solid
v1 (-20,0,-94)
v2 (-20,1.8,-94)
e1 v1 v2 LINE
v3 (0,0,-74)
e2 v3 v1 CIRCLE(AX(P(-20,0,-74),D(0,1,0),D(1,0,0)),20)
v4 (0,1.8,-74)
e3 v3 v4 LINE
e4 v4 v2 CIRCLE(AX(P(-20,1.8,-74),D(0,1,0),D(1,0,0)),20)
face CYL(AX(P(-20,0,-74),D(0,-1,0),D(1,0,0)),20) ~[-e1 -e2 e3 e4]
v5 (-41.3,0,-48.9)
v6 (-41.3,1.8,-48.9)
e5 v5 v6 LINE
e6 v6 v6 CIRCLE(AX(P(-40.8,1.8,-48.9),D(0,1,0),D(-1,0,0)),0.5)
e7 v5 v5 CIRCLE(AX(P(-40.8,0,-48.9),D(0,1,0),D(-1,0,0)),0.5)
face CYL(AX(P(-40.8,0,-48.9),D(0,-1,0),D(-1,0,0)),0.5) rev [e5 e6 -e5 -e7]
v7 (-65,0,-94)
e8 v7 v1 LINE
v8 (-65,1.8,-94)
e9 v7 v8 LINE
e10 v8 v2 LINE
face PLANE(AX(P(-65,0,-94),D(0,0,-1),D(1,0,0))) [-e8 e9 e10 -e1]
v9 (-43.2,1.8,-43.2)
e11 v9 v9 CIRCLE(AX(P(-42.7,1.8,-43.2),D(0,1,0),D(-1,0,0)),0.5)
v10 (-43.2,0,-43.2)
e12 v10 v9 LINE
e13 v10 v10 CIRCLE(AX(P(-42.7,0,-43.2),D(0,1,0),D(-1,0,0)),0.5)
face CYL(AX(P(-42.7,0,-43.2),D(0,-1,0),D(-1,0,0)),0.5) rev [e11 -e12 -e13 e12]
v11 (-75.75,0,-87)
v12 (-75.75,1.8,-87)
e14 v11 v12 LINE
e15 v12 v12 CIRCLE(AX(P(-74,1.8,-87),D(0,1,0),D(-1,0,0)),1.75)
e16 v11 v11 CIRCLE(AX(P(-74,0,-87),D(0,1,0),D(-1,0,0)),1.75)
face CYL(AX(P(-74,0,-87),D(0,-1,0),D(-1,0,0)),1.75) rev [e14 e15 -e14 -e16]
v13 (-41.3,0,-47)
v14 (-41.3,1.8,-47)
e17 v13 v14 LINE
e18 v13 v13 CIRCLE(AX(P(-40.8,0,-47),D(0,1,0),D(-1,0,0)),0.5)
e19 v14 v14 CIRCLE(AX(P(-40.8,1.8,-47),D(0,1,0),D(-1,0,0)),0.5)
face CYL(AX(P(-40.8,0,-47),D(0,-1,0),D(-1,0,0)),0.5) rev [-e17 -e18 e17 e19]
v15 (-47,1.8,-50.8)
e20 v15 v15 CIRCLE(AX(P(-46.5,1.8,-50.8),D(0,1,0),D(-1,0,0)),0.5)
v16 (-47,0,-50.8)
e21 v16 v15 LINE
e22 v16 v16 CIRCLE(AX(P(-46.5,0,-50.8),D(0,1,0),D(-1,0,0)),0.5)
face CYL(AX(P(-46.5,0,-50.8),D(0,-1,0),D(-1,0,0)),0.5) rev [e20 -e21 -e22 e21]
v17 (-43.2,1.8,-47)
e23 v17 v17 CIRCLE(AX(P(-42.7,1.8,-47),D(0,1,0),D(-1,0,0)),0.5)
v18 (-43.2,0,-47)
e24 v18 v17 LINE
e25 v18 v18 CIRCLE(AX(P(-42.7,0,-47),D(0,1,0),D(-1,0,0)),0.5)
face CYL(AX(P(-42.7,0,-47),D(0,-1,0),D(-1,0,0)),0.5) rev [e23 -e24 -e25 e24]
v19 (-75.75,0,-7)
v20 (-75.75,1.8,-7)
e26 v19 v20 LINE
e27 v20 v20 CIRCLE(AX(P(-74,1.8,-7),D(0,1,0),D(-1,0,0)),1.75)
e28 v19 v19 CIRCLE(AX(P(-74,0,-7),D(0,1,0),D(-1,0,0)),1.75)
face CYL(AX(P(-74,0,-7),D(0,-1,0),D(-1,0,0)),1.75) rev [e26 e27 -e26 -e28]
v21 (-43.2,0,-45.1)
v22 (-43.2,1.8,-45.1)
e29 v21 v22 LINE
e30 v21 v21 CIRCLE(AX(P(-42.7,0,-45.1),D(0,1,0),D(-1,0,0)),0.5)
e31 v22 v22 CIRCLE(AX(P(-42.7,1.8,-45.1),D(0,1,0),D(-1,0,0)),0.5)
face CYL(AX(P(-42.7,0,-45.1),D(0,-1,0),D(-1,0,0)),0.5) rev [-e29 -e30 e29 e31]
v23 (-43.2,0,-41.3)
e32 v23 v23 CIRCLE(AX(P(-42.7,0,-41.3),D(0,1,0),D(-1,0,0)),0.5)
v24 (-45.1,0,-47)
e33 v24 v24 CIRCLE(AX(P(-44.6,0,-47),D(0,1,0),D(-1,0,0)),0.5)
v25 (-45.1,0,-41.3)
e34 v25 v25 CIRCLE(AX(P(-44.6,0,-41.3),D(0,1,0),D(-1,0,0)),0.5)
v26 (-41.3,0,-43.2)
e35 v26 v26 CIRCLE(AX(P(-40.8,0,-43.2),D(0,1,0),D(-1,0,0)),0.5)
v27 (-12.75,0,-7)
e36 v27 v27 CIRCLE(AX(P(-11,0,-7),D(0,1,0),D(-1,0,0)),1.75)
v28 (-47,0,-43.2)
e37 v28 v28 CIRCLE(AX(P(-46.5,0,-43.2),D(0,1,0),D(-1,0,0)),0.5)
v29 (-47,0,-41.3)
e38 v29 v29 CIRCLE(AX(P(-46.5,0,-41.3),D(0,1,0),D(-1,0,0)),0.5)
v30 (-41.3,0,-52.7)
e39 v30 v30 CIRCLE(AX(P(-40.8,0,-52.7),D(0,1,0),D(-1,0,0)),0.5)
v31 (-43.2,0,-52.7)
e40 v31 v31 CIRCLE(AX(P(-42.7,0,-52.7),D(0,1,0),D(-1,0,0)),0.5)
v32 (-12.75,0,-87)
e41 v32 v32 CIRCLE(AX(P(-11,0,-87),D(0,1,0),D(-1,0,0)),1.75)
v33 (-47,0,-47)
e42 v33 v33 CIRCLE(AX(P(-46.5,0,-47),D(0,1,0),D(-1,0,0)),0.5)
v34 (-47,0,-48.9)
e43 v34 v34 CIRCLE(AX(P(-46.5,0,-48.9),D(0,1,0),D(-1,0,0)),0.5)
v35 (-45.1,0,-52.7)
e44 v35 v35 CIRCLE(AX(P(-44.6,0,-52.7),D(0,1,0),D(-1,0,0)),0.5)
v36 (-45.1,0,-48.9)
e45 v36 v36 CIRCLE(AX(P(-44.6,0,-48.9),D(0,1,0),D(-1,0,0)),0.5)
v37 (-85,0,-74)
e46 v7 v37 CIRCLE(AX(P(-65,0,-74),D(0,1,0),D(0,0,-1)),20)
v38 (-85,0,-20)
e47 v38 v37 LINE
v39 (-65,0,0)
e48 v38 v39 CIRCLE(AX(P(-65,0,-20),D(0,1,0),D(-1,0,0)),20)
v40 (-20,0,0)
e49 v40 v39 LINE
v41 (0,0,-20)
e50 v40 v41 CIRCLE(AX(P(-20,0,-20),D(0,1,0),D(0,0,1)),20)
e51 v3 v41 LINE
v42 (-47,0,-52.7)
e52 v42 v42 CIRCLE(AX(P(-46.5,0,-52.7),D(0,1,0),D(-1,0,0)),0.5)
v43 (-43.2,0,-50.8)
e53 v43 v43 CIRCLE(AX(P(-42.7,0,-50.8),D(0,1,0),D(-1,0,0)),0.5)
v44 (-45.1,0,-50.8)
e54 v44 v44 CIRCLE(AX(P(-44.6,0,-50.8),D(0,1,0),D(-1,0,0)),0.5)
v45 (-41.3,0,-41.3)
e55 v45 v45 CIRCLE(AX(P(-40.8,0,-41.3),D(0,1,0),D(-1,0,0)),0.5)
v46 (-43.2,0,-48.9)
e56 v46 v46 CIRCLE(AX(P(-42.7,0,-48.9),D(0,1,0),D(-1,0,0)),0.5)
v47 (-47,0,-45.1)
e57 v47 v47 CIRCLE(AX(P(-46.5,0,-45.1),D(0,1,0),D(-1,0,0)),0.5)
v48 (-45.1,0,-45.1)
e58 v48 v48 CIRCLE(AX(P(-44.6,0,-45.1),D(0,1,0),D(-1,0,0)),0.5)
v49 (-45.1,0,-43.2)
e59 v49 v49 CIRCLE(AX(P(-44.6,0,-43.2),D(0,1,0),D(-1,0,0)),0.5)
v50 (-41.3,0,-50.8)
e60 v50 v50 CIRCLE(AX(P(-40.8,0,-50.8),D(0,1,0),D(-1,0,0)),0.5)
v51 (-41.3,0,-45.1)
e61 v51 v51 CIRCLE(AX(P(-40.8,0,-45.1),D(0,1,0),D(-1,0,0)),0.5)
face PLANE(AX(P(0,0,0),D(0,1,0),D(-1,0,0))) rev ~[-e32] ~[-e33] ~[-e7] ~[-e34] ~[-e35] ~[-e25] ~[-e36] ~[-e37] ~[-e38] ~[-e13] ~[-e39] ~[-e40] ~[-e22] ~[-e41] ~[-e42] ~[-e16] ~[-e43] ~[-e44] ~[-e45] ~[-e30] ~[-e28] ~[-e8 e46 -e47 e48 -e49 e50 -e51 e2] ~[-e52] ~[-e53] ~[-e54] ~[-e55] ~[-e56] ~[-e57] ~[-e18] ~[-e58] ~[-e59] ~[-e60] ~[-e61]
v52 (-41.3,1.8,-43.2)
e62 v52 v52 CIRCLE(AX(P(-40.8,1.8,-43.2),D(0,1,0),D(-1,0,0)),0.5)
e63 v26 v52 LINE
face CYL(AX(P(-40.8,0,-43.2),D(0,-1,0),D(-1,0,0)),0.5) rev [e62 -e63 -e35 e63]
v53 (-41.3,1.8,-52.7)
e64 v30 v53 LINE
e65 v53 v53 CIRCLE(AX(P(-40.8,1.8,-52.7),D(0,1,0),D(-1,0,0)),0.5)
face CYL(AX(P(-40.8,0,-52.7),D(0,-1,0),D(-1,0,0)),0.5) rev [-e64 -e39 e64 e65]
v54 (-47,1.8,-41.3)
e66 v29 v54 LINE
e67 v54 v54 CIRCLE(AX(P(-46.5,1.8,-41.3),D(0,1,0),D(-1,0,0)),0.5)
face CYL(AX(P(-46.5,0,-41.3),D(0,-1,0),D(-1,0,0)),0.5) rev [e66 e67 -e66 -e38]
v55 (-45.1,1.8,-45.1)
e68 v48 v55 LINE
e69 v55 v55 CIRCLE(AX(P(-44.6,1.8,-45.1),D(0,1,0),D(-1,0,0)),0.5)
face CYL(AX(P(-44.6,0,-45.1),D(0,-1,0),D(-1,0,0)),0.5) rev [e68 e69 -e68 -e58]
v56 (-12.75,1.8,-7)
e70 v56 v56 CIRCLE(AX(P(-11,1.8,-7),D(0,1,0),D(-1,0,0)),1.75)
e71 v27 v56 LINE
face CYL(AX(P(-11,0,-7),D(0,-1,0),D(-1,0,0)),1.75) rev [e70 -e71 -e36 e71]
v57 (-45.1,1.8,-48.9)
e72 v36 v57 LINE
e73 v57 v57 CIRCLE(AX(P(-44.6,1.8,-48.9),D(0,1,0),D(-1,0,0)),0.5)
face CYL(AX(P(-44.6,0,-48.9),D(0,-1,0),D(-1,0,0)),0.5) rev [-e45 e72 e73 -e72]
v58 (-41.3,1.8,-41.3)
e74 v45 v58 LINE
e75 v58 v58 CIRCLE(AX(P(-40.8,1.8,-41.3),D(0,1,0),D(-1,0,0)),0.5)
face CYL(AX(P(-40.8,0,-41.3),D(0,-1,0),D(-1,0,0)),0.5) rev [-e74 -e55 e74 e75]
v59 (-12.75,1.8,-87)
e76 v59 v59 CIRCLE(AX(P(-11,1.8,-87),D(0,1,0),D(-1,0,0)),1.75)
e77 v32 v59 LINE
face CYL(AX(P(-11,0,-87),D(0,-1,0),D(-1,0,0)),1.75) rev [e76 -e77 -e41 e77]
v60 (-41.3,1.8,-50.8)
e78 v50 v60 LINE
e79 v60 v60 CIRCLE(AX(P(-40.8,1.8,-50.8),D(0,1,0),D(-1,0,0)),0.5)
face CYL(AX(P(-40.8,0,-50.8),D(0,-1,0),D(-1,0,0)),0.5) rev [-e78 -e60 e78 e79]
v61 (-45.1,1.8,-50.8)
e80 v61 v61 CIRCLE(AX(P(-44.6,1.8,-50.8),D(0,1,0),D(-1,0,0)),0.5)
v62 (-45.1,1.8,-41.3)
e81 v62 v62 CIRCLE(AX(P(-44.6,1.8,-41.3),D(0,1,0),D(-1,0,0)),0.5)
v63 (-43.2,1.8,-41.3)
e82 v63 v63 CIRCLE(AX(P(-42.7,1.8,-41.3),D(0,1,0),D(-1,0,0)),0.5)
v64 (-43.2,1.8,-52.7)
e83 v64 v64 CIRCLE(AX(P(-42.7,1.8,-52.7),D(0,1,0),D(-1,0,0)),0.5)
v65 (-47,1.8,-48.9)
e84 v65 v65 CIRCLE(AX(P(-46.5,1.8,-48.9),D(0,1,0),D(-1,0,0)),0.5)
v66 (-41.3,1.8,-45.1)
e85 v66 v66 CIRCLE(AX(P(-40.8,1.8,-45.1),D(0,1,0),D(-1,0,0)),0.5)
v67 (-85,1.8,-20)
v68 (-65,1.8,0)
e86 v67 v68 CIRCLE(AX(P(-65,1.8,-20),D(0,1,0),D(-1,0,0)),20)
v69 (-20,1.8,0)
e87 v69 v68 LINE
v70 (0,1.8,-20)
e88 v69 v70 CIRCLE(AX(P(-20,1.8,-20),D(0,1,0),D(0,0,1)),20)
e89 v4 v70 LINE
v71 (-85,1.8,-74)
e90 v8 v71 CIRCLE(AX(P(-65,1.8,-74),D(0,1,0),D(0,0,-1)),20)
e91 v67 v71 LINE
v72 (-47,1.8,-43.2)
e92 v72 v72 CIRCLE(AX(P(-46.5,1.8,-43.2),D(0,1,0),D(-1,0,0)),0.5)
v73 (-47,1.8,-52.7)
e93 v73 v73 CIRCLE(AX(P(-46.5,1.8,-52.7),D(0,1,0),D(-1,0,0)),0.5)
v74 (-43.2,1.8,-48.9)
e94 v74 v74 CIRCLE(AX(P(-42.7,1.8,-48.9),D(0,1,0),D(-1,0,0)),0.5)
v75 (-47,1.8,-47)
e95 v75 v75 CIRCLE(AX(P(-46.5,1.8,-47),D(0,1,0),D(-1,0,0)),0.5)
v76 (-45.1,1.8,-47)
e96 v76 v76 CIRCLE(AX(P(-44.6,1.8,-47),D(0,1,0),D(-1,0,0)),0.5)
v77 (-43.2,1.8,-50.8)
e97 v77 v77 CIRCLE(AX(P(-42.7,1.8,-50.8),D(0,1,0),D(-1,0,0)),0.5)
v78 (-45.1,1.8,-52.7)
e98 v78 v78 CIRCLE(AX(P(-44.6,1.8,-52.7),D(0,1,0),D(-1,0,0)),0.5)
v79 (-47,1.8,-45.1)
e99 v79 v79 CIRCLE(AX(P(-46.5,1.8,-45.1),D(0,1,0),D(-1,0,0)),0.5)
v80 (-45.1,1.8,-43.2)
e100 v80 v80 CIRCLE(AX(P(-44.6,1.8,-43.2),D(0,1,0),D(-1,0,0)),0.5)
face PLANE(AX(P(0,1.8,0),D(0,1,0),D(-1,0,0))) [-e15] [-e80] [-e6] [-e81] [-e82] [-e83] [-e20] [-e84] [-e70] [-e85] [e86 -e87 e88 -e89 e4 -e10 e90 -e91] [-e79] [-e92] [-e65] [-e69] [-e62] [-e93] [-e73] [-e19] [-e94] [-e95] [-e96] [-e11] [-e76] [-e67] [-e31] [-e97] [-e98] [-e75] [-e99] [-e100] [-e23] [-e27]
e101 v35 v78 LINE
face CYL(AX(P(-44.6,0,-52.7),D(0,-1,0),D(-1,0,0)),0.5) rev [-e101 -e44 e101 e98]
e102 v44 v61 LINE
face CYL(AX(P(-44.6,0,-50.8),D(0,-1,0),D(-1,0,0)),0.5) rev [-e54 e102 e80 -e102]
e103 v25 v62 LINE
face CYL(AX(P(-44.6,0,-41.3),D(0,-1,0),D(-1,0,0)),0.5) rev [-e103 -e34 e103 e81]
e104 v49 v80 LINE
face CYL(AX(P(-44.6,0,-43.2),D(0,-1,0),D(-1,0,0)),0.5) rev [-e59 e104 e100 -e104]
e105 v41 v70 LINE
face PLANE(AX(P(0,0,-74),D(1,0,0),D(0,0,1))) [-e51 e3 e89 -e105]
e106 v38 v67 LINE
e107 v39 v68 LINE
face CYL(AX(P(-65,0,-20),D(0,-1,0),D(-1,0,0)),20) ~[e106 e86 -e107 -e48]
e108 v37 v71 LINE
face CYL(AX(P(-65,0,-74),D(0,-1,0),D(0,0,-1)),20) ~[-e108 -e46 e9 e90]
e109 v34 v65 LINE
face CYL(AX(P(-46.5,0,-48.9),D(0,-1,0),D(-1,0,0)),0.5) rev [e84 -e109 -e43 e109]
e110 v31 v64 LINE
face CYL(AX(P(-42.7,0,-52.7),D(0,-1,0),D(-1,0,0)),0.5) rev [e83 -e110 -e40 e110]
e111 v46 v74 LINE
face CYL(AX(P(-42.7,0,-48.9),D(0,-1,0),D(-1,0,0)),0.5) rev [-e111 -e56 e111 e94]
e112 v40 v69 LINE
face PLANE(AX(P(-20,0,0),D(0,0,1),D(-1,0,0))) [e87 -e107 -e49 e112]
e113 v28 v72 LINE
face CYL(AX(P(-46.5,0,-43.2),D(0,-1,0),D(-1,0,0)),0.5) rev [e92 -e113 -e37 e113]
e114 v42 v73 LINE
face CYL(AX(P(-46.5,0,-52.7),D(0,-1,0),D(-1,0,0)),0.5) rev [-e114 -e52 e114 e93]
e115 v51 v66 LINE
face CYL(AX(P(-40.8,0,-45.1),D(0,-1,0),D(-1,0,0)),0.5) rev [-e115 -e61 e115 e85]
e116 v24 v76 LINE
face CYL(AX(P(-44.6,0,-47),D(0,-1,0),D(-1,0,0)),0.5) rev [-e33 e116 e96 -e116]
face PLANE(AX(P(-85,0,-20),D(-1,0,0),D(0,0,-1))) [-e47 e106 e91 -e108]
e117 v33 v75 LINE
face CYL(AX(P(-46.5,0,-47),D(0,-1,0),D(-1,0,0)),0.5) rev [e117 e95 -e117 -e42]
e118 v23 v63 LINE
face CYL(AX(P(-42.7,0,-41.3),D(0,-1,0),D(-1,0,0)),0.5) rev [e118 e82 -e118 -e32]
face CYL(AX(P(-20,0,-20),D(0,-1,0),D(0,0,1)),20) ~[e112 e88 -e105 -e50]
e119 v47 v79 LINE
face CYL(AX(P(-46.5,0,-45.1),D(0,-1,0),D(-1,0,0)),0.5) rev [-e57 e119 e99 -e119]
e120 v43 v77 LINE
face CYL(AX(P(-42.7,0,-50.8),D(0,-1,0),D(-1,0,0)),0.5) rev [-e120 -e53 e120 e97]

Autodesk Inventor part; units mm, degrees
ref_plane "YZ Plane" through (0, 0, 0) normal (1, 0, 0) x (0, 1, 0)
ref_plane "XZ Plane" through (0, 0, 0) normal (0, 1, 0) x (-1, 0, 0)
ref_plane "XY Plane" through (0, 0, 0) normal (0, 0, 1) x (1, 0, 0)
sketch "Schizzo1" plane through (0, 0, 0) normal (0, 1, 0) x (-1, 0, 0)
  line L0 (20, 0) -> (65, 0)
  line L1 (85, -20) -> (85, -74)
  line L2 (65, -94) -> (20, -94)
  line L3 (0, -74) -> (0, -20)
  arc A0 (85, -20) -> (65, 0) centre (65, -20) ccw
  arc A1 (20, 0) -> (0, -20) centre (20, -20) ccw
  arc A2 (0, -74) -> (20, -94) centre (20, -74) ccw
  arc A3 (65, -94) -> (85, -74) centre (65, -74) ccw
  circle A4 centre (74, -7) radius 1.75
  circle A5 centre (74, -87) radius 1.75
  circle A6 centre (11, -87) radius 1.75
  circle A7 centre (11, -7) radius 1.75
  circle A8 centre (46.5, -41.3) radius 0.5
  circle A9 centre (46.5, -43.2) radius 0.5
  circle A10 centre (46.5, -45.1) radius 0.5
  circle A11 centre (46.5, -47) radius 0.5
  circle A12 centre (46.5, -48.9) radius 0.5
  circle A13 centre (46.5, -50.8) radius 0.5
  circle A14 centre (46.5, -52.7) radius 0.5
  circle A15 centre (44.6, -41.3) radius 0.5
  circle A16 centre (44.6, -43.2) radius 0.5
  circle A17 centre (44.6, -45.1) radius 0.5
  circle A18 centre (44.6, -47) radius 0.5
  circle A19 centre (44.6, -48.9) radius 0.5
  circle A20 centre (44.6, -50.8) radius 0.5
  circle A21 centre (44.6, -52.7) radius 0.5
  circle A22 centre (42.7, -41.3) radius 0.5
  circle A23 centre (42.7, -43.2) radius 0.5
  circle A24 centre (42.7, -45.1) radius 0.5
  circle A25 centre (42.7, -47) radius 0.5
  circle A26 centre (42.7, -48.9) radius 0.5
  circle A27 centre (42.7, -50.8) radius 0.5
  circle A28 centre (42.7, -52.7) radius 0.5
  circle A29 centre (40.8, -41.3) radius 0.5
  circle A30 centre (40.8, -43.2) radius 0.5
  circle A31 centre (40.8, -45.1) radius 0.5
  circle A32 centre (40.8, -47) radius 0.5
  circle A33 centre (40.8, -48.9) radius 0.5
  circle A34 centre (40.8, -50.8) radius 0.5
  circle A35 centre (40.8, -52.7) radius 0.5
  point P0 (46.5, -48.9)
  point P1 (46.5, -48.9)
  point P2 (44.6, -48.9)
  point P3 (42.7, -48.9)
  point P4 (40.8, -48.9)
  dimension "d20" = 3.5
  dimension "d21" = 3.5
  dimension "d22" = 3.5
  dimension "d23" = 3.5
  dimension "d29" = 1.9
  dimension "d32" = 1.9
  dimension "d37" = 1.9
  dimension "d40" = 1.9
  dimension "d43" = 1
  dimension "d46" = 1.9
  dimension "d49" = 1.9
extrude "Estrusione1" add sketch "Schizzo1" along normal blind 1.8
properties part number "pcb"
